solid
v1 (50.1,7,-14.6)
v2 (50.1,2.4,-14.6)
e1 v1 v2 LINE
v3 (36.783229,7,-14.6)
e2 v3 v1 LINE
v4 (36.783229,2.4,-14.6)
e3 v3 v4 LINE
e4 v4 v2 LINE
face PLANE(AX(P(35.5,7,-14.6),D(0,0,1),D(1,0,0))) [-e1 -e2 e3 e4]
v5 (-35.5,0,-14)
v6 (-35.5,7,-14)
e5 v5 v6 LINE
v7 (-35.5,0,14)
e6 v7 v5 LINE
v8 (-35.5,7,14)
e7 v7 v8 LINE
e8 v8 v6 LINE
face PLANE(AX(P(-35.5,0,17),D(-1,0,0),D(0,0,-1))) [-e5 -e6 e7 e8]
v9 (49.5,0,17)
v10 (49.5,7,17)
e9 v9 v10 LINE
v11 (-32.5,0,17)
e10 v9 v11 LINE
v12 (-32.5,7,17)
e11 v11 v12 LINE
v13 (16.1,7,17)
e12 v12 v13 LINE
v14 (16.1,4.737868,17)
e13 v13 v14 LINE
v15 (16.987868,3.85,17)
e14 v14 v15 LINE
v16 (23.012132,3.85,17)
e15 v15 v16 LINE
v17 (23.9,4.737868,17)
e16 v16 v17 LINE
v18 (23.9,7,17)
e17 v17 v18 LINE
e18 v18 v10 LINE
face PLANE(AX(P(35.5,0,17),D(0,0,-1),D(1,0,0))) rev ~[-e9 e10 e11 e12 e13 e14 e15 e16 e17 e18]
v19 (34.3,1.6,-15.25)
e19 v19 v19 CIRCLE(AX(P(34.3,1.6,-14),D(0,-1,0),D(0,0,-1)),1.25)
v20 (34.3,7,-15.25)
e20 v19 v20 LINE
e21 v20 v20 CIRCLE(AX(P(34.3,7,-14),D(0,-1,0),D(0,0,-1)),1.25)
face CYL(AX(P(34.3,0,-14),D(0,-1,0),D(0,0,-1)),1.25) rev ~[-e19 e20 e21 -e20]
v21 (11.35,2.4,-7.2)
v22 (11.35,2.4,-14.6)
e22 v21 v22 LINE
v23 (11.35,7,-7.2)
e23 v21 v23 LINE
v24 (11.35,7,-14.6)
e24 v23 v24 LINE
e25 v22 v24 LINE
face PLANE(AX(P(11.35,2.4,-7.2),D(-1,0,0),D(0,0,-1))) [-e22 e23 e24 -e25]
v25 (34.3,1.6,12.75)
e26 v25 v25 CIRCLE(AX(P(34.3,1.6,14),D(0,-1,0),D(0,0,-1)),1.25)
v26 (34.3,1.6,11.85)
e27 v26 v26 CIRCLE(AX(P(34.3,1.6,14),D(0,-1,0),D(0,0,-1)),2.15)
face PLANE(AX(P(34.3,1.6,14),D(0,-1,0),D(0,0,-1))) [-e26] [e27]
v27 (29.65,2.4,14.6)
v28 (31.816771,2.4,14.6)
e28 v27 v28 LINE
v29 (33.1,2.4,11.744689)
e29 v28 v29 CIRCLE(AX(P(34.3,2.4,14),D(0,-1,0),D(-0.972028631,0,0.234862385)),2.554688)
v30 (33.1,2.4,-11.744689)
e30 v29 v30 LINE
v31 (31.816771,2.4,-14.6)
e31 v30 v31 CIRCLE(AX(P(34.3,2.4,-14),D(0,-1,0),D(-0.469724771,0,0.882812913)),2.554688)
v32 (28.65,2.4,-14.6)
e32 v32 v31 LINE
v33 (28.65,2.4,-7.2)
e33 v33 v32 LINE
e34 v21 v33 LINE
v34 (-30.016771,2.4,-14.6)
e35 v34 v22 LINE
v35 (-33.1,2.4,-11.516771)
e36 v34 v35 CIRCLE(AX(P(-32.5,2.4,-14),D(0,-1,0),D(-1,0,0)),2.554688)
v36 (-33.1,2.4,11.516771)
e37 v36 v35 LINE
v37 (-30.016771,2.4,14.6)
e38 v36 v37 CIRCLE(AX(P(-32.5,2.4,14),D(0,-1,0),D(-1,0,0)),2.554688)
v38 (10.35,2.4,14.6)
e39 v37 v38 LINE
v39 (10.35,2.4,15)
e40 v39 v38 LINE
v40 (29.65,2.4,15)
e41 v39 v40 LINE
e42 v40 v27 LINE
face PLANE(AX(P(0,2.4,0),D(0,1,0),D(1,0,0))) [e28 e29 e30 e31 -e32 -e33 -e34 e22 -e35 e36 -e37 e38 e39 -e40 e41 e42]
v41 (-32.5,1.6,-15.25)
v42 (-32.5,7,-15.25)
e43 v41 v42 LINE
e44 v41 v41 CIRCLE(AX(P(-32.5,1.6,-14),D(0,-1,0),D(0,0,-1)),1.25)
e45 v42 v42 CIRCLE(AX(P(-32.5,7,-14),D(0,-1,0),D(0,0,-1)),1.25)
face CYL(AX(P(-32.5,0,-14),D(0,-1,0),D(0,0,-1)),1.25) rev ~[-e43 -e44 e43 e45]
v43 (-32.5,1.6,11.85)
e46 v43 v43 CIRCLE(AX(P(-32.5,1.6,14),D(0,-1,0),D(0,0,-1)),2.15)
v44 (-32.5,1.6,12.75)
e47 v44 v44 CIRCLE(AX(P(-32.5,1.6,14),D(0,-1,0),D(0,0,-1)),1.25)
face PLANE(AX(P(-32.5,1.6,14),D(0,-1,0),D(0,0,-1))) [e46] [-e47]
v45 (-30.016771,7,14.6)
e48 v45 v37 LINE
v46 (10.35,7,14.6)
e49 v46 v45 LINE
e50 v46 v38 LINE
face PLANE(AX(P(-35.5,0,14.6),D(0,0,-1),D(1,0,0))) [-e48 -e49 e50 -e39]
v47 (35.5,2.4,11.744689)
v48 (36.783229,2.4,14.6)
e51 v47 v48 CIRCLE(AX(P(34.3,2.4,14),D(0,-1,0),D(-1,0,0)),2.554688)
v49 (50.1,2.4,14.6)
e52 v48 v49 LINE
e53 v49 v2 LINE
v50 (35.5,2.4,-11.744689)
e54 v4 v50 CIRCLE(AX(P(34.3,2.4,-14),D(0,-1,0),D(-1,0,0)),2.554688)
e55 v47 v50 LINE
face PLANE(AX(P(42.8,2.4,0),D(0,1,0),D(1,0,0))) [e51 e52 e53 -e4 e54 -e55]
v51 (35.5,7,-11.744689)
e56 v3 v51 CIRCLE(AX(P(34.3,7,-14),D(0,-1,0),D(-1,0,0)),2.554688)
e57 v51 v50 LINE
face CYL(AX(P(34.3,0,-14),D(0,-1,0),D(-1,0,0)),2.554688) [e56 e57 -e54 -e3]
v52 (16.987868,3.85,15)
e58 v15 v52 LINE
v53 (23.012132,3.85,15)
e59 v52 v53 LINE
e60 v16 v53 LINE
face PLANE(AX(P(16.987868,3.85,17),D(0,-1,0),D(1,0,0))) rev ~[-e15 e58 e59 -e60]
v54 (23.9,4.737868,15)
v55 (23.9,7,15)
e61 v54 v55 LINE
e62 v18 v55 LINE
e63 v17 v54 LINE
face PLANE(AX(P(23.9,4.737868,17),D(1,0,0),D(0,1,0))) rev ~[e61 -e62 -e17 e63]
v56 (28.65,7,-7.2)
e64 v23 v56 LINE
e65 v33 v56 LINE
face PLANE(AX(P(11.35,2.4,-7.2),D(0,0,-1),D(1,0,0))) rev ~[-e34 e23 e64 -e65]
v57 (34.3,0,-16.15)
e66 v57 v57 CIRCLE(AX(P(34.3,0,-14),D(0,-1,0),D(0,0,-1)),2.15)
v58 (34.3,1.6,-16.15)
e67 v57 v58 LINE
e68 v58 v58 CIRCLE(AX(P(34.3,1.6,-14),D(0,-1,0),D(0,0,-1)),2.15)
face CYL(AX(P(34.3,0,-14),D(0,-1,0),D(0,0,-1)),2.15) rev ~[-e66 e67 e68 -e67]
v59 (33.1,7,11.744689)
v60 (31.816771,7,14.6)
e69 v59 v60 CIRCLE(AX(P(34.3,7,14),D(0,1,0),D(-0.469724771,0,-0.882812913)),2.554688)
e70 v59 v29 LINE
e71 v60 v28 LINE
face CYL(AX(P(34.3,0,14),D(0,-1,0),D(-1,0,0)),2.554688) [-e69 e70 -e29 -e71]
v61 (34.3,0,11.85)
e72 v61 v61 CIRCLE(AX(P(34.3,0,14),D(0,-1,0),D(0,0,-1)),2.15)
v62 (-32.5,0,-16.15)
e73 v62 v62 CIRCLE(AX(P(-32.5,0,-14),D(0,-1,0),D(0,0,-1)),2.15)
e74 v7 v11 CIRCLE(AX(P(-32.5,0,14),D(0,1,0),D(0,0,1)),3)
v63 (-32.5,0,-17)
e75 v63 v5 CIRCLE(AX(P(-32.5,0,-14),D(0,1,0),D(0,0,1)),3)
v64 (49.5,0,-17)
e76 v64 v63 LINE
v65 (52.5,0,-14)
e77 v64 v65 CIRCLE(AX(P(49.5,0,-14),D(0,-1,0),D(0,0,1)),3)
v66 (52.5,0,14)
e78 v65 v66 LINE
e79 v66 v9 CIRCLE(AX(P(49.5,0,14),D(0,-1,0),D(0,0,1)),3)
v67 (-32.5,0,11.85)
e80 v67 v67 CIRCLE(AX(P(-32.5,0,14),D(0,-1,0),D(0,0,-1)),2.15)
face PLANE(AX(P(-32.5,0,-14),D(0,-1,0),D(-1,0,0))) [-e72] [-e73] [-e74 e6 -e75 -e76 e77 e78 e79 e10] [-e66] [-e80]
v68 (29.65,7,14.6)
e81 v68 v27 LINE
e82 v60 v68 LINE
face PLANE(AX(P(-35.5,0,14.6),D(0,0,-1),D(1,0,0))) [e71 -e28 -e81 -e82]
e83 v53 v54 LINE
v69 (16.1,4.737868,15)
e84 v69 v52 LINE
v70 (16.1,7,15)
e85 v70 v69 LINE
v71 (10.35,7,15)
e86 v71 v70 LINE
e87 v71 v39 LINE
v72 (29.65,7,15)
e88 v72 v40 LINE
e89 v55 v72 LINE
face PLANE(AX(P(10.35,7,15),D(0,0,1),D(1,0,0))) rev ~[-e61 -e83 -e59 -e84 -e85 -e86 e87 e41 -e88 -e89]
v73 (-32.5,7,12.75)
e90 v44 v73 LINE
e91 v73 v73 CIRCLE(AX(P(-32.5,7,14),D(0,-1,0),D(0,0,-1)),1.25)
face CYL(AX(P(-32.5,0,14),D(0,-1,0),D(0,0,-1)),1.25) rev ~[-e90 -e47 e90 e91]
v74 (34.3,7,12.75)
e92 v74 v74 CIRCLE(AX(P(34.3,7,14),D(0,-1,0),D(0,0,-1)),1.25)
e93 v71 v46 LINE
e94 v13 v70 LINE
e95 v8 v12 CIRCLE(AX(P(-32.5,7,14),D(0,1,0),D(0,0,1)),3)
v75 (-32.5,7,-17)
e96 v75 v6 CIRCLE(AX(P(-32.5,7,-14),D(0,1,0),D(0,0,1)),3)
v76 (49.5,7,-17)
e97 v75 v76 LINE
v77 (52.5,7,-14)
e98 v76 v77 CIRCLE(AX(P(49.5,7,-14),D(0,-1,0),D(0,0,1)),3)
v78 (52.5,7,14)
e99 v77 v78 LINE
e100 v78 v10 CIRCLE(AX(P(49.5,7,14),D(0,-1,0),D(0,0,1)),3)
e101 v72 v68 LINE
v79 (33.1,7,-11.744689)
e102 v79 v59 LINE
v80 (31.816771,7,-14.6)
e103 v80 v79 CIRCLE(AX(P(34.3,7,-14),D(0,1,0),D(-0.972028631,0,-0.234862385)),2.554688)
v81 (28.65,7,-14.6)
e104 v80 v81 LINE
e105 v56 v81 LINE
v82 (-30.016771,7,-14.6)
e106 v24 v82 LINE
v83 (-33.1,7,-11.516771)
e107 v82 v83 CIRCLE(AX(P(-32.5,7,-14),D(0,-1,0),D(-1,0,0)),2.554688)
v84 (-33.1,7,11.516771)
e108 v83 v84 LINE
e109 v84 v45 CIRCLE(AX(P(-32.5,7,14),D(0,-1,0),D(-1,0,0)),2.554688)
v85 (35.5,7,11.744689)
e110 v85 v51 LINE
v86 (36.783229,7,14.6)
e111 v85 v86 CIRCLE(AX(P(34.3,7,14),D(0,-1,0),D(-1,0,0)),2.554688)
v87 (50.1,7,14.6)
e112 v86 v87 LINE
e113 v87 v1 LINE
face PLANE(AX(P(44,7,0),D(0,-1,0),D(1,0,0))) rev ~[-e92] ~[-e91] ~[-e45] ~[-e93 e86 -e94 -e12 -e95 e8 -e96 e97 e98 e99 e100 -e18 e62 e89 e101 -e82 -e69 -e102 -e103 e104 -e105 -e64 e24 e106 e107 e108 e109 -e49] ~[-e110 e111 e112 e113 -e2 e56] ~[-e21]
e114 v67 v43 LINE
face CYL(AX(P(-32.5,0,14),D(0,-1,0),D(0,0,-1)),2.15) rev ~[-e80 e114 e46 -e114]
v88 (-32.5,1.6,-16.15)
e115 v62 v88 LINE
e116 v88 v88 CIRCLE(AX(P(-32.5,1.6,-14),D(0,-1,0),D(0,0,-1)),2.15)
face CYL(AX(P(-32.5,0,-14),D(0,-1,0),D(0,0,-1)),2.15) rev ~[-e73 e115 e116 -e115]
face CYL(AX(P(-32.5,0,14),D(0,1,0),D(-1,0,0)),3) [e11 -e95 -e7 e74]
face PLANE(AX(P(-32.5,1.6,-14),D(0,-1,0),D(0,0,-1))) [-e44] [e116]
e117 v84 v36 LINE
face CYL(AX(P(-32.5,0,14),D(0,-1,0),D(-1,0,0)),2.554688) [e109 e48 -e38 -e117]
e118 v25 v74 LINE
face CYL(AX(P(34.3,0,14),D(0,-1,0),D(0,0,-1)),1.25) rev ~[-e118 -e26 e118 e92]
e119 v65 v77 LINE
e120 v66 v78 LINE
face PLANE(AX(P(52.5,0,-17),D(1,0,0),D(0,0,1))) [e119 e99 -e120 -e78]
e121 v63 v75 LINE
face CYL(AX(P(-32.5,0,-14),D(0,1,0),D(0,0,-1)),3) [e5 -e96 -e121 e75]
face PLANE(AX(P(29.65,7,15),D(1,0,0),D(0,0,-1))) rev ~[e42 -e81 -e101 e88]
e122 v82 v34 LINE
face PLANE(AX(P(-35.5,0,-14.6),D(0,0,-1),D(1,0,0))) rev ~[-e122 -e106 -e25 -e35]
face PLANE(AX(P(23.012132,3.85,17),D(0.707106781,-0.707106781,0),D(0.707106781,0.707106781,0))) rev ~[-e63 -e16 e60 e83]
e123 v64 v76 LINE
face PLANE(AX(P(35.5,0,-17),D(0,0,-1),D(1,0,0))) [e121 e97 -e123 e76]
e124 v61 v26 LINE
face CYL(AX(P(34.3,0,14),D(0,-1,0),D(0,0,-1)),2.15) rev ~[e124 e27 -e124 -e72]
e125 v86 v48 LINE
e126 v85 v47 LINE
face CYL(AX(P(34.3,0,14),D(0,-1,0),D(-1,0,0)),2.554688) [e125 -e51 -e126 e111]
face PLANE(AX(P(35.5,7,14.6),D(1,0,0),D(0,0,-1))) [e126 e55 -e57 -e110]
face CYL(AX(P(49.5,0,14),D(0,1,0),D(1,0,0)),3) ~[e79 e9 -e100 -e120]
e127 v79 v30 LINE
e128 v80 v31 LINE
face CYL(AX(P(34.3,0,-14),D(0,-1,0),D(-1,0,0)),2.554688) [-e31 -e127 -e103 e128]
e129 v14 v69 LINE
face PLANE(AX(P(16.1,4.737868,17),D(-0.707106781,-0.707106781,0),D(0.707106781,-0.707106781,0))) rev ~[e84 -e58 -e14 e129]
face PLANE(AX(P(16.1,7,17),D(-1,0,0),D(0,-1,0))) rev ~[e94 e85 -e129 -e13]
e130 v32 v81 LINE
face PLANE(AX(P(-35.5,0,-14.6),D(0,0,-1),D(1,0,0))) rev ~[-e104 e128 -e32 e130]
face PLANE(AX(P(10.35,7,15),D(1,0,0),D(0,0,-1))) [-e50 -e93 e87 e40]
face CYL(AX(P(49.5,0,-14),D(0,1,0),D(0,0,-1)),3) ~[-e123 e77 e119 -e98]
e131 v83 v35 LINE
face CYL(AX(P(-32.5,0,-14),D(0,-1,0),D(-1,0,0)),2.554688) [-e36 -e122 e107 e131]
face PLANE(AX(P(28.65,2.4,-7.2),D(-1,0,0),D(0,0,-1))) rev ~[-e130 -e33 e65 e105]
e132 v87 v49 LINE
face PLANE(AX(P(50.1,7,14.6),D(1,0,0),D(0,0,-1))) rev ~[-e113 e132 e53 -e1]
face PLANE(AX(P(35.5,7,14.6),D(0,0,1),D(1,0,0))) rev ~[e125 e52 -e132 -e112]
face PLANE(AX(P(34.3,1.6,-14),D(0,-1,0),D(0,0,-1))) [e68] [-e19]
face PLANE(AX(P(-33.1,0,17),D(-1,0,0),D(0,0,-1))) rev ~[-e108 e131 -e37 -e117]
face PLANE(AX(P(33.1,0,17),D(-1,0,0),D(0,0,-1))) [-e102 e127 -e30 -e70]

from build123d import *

# Parameters (mm, degrees)
SKETCH1_W           = 71
SKETCH1_H           = 34
BOSS_EXTRUDE1_DEPTH = 7
SHELL1_T            = -2.4
SKETCH3_W           = 17
SKETCH3_H           = 34
BOSS_EXTRUDE2_DEPTH = 7
SKETCH4_W           = 14.6
SKETCH4_H           = 29.2
CUT_EXTRUDE2_DEPTH  = 4.6
SKETCH5_W           = 19.3
SKETCH5_H           = 0.4
CUT_EXTRUDE3_DEPTH  = 4.6
CUT_EXTRUDE4_DEPTH  = 2
SKETCH7_W           = 17.3
SKETCH7_H           = 7.4
BOSS_EXTRUDE3_DEPTH = 4.6
FILLET1_R           = 3
SKETCH8_R           = 2.5546875
BOSS_EXTRUDE4_DEPTH = 7
CUT_EXTRUDE5_REACH  = 57.626
SKETCH9_R           = 1.25
SKETCH10_R          = 2.15
CUT_EXTRUDE6_DEPTH  = 1.6


with BuildPart() as part:
    # Sketch1 → Boss-Extrude1 (new body)
    with BuildSketch(Plane(origin=(0, 0, 0), x_dir=(1, 0, 0), z_dir=(0, 1, 0))):
        Rectangle(SKETCH1_W, SKETCH1_H)
    extrude(amount=BOSS_EXTRUDE1_DEPTH)

    # Shell1
    shell1_openings = [part.faces().sort_by_distance(p)[0] for p in [
        (0, 7, 0),
    ]]
    offset(amount=SHELL1_T, openings=shell1_openings, kind=Kind.INTERSECTION)

    # Sketch3 → Boss-Extrude2 (add)
    with BuildSketch(Plane.XZ):
        with Locations((44, 0)):
            Rectangle(SKETCH3_W, SKETCH3_H)
    extrude(amount=-BOSS_EXTRUDE2_DEPTH)

    # Sketch4 → Cut-Extrude2 (cut)
    with BuildSketch(Plane(origin=(0, 7, 0), x_dir=(1, 0, 0), z_dir=(0, 1, 0))):
        with Locations((42.8, 0)):
            Rectangle(SKETCH4_W, SKETCH4_H)
    extrude(amount=-CUT_EXTRUDE2_DEPTH, mode=Mode.SUBTRACT)

    # Sketch5 → Cut-Extrude3 (cut)
    with BuildSketch(Plane(origin=(0, 7, 0), x_dir=(1, 0, 0), z_dir=(0, 1, 0))):
        with Locations((20, -14.8)):
            Rectangle(SKETCH5_W, SKETCH5_H)
    extrude(amount=-CUT_EXTRUDE3_DEPTH, mode=Mode.SUBTRACT)

    # Sketch6 → Cut-Extrude4 (cut)
    with BuildSketch(Plane.XY.offset(17)):
        Polygon((16.1, 4.737867966), (16.987867966, 3.85), (23.012132034, 3.85), (23.9, 4.737867966), (23.9, 6.3), (23.9, 7), (16.1, 7), (16.1, 6.3), align=None)
    extrude(amount=-CUT_EXTRUDE4_DEPTH, mode=Mode.SUBTRACT)

    # Sketch7 → Boss-Extrude3 (add)
    with BuildSketch(Plane(origin=(0, 2.4, 0), x_dir=(1, 0, 0), z_dir=(0, 1, 0))):
        with Locations((20, 10.9)):
            Rectangle(SKETCH7_W, SKETCH7_H)
    extrude(amount=BOSS_EXTRUDE3_DEPTH)

    # Fillet1
    fillet1_edges = [part.edges().sort_by_distance(p)[0] for p in [
        (52.5, 3.5, -17),
        (52.5, 3.5, 17),
        (-35.5, 3.5, 17),
        (-35.5, 3.5, -17),
    ]]
    fillet(fillet1_edges, radius=FILLET1_R)

    # Sketch8 → Boss-Extrude4 (add)
    with BuildSketch(Plane(origin=(0, 0, 0), x_dir=(-1, 0, 0), z_dir=(0, -1, 0))):
        with Locations((32.5, 14)):
            Circle(SKETCH8_R)
        with Locations((32.5, -14)):
            Circle(SKETCH8_R)
        with Locations((-34.3, 14)):
            Circle(SKETCH8_R)
        with Locations((-34.3, -14)):
            Circle(SKETCH8_R)
    extrude(amount=-BOSS_EXTRUDE4_DEPTH)

    # Sketch9 → Cut-Extrude5 (cut, up to next)
    with BuildSketch(Plane.XZ, mode=Mode.PRIVATE) as cut_extrude5_sk1:
        with Locations(Location((-32.5, -14, 0), (0, 0, 270))):
            Circle(SKETCH9_R)
    cut_extrude5_tool1 = extrude(cut_extrude5_sk1.sketch, amount=-CUT_EXTRUDE5_REACH, mode=Mode.PRIVATE) & part.part
    # Sketch9 → Cut-Extrude5 (cut, up to next)
    with BuildSketch(Plane.XZ, mode=Mode.PRIVATE) as cut_extrude5_sk2:
        with Locations(Location((-32.5, 14, 0), (0, 0, 270))):
            Circle(SKETCH9_R)
    cut_extrude5_tool2 = extrude(cut_extrude5_sk2.sketch, amount=-CUT_EXTRUDE5_REACH, mode=Mode.PRIVATE) & part.part
    # Sketch9 → Cut-Extrude5 (cut, up to next)
    with BuildSketch(Plane.XZ, mode=Mode.PRIVATE) as cut_extrude5_sk3:
        with Locations(Location((34.3, -14, 0), (0, 0, 270))):
            Circle(SKETCH9_R)
    cut_extrude5_tool3 = extrude(cut_extrude5_sk3.sketch, amount=-CUT_EXTRUDE5_REACH, mode=Mode.PRIVATE) & part.part
    # Sketch9 → Cut-Extrude5 (cut, up to next)
    with BuildSketch(Plane.XZ, mode=Mode.PRIVATE) as cut_extrude5_sk4:
        with Locations(Location((34.3, 14, 0), (0, 0, 270))):
            Circle(SKETCH9_R)
    cut_extrude5_tool4 = extrude(cut_extrude5_sk4.sketch, amount=-CUT_EXTRUDE5_REACH, mode=Mode.PRIVATE) & part.part
    add(cut_extrude5_tool1.solids().sort_by_distance((-32.5, 0, -14))[0], mode=Mode.SUBTRACT)
    add(cut_extrude5_tool2.solids().sort_by_distance((-32.5, 0, 14))[0], mode=Mode.SUBTRACT)
    add(cut_extrude5_tool3.solids().sort_by_distance((34.3, 0, -14))[0], mode=Mode.SUBTRACT)
    add(cut_extrude5_tool4.solids().sort_by_distance((34.3, 0, 14))[0], mode=Mode.SUBTRACT)

    # Sketch10 → Cut-Extrude6 (cut)
    with BuildSketch(Plane.XZ):
        with Locations(Location((34.3, 14, 0), (0, 0, 270))):
            Circle(SKETCH10_R)
        with Locations(Location((-32.5, -14, 0), (0, 0, 270))):
            Circle(SKETCH10_R)
        with Locations(Location((-32.5, 14, 0), (0, 0, 270))):
            Circle(SKETCH10_R)
        with Locations(Location((34.3, -14, 0), (0, 0, 270))):
            Circle(SKETCH10_R)
    extrude(amount=-CUT_EXTRUDE6_DEPTH, mode=Mode.SUBTRACT)


solid = part.part
